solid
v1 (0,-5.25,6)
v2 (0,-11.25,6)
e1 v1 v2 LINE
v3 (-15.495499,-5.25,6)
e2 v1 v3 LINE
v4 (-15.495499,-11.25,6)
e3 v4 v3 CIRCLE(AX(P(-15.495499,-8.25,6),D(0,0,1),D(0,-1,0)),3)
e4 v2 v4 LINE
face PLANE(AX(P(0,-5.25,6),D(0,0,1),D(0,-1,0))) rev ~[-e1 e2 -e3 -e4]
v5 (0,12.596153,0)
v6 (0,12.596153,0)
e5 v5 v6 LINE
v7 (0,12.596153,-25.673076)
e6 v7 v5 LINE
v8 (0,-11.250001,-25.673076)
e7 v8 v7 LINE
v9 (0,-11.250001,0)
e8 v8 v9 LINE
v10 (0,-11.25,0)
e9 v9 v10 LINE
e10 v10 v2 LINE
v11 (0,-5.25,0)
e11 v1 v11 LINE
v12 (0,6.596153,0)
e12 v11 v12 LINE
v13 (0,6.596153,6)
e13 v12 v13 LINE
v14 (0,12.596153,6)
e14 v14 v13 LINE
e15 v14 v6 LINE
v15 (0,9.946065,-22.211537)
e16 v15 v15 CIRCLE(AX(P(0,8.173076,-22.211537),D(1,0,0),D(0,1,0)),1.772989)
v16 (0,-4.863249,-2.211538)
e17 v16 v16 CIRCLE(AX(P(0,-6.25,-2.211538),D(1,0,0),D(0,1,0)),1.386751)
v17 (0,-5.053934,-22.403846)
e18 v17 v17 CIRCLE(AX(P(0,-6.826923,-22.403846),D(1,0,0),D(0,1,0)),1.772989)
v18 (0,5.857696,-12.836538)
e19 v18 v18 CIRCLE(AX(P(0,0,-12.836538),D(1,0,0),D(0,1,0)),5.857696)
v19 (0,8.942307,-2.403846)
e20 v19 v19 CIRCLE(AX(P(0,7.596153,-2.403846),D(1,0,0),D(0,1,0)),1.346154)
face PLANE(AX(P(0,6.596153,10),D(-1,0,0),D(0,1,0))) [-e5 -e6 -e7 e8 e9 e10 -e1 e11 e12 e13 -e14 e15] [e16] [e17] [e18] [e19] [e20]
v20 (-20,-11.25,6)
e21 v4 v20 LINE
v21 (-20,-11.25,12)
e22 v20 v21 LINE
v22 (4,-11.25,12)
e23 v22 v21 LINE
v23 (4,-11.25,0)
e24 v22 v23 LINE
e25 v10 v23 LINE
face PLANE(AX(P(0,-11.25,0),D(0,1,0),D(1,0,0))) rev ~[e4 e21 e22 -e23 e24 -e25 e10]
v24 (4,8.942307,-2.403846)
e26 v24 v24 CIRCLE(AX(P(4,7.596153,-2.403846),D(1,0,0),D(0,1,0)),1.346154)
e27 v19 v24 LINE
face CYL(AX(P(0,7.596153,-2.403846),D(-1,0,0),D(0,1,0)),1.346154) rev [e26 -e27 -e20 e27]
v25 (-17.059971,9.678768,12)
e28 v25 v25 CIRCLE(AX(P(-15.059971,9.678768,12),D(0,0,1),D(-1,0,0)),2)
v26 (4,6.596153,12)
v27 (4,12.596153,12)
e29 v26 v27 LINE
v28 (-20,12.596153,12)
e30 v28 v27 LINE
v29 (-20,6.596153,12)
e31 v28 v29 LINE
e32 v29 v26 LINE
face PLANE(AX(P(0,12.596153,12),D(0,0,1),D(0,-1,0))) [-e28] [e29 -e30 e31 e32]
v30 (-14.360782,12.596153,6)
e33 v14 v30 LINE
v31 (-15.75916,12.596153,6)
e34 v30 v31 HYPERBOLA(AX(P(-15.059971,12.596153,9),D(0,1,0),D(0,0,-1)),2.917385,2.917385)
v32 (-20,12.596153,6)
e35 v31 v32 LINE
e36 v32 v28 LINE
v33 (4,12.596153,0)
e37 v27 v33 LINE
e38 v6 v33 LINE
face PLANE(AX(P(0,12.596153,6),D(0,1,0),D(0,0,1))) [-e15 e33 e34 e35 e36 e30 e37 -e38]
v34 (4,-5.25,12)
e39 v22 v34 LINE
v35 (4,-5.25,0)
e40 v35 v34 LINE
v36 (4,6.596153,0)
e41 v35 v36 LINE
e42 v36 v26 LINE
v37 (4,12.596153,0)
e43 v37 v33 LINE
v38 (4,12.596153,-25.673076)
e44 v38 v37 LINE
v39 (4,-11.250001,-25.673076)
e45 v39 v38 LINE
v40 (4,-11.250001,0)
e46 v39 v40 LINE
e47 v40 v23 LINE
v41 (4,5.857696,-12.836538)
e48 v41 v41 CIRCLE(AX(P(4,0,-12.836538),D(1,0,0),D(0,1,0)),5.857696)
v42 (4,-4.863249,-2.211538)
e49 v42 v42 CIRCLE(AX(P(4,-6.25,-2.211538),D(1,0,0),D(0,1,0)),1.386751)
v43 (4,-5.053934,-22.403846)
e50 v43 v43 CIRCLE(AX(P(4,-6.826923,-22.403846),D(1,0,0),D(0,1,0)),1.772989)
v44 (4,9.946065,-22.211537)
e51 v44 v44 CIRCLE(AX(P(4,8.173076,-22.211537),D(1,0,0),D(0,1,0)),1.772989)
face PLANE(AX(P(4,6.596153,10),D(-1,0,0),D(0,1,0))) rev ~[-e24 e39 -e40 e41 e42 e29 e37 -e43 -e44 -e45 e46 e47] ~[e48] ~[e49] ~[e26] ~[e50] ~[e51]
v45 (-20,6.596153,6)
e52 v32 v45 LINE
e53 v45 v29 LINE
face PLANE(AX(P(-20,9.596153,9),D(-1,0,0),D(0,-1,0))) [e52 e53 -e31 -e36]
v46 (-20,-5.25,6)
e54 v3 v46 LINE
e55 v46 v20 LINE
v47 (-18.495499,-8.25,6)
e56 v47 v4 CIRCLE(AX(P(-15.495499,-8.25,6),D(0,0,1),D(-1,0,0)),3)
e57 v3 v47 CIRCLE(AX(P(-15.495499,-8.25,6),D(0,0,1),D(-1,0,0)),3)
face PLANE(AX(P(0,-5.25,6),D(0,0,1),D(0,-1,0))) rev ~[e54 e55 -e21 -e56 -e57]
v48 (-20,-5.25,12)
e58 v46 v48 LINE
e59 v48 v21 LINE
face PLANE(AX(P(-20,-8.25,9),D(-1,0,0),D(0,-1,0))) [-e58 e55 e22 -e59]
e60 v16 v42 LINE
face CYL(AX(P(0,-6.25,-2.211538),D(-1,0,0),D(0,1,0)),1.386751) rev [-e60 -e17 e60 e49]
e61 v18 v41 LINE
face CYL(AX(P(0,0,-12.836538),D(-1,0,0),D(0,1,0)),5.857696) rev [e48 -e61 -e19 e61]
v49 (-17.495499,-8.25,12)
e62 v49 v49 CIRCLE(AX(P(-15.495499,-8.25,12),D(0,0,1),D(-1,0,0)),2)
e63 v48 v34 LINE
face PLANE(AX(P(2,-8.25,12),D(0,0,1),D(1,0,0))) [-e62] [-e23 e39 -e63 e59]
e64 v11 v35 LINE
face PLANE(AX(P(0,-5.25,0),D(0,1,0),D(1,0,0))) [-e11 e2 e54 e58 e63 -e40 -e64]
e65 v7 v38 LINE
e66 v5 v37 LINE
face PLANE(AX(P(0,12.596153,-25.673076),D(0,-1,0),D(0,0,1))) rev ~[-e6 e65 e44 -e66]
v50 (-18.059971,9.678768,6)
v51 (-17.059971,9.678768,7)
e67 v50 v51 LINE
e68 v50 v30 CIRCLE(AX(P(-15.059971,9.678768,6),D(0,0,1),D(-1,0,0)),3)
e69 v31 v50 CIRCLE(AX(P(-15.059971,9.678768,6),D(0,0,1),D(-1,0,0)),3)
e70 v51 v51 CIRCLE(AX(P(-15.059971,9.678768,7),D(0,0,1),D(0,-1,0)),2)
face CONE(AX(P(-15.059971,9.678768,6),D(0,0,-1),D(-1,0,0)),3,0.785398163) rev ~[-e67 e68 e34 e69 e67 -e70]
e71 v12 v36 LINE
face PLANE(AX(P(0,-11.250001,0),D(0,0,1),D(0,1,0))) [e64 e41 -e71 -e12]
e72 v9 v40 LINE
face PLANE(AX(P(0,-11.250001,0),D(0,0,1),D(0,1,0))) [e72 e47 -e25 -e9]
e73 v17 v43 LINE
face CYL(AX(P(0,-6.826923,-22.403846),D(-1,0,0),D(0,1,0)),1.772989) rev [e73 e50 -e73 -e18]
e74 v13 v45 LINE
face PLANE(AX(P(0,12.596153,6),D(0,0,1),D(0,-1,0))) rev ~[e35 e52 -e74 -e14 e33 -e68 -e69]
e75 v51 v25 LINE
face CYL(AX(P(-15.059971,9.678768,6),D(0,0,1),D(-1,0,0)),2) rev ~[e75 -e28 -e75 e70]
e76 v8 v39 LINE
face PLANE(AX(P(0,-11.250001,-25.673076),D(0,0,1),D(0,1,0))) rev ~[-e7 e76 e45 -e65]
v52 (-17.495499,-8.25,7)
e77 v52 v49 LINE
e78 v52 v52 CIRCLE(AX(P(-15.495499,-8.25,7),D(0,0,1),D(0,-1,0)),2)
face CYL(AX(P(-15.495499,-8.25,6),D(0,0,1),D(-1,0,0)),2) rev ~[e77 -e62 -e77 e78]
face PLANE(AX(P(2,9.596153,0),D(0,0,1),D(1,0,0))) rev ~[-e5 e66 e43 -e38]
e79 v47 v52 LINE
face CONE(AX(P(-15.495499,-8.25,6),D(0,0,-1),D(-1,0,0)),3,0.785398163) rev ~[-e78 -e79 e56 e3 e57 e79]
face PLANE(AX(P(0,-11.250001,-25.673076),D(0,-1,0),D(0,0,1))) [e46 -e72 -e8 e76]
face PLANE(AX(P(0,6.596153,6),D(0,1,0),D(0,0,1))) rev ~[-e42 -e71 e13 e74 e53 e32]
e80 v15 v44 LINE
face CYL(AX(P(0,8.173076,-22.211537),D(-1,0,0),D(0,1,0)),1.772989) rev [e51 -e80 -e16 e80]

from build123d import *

# Parameters (mm, degrees)
F0_W           = 23.846153
F0_H           = 25.673076
F0_R           = 1.772989
F0_R_2         = 5.857696
F0_R_3         = 1.386751
F0_R_4         = 1.346154
F1_DEPTH       = 4
F2_W           = 4
F2_H           = 6
F3_DEPTH       = 10
F3_FACE_W      = 4
F3_FACE_H      = 6
F4_DEPTH       = 2
F5_W           = 6
F5_H           = 6
F6_DEPTH       = 20
F8_D           = 4
F8_CSINK_D     = 6
F8_CSINK_ANGLE = 90
F9_D           = 4
F9_CSINK_D     = 6
F9_CSINK_ANGLE = 90


with BuildPart() as f1:
    # F0 (on Right) → F1 (new body)
    with BuildSketch(Plane.YZ):
        with Locations((0.673076, -12.836538)):
            Rectangle(F0_W, F0_H)
        with Locations((-6.826923, -22.403846)):
            Circle(F0_R, mode=Mode.SUBTRACT)
        with Locations((8.173076, -22.211537)):
            Circle(F0_R, mode=Mode.SUBTRACT)
        with Locations((0, -12.836538)):
            Circle(F0_R_2, mode=Mode.SUBTRACT)
        with Locations((-6.25, -2.211538)):
            Circle(F0_R_3, mode=Mode.SUBTRACT)
        with Locations((7.596153, -2.403846)):
            Circle(F0_R_4, mode=Mode.SUBTRACT)
    extrude(amount=F1_DEPTH)

    # F2 (on face) → F3 (join)
    with BuildSketch(Plane.XY):
        with Locations((2, 9.596153)):
            Rectangle(F2_W, F2_H)
        with Locations((2, -8.25)):
            Rectangle(F2_W, F2_H)
    extrude(amount=F3_DEPTH)

    # F3_face (on face) → F4 (join)
    with BuildSketch(Plane(origin=(2, 9.596153, 10), x_dir=(1, 0, 0), z_dir=(0, 0, 1))):
        Rectangle(F3_FACE_W, F3_FACE_H)
        with Locations((0, -17.846153)):
            Rectangle(F3_FACE_W, F3_FACE_H)
    extrude(amount=F4_DEPTH)

    # F5 (on face) → F6 (join)
    with BuildSketch(Plane(origin=(0, 0, 0), x_dir=(0, -1, 0), z_dir=(-1, 0, 0))):
        with Locations((-9.596153, 9)):
            Rectangle(F5_W, F5_H)
        with Locations((8.25, 9)):
            Rectangle(F5_W, F5_H)
    extrude(amount=F6_DEPTH)

    # F8 (through all)
    with Locations(Plane(origin=(0, 0, 6), x_dir=(1, 0, 0), z_dir=(0, 0, -1))):
        with Locations((-15.495499, 8.25)):
            CounterSinkHole(F8_D / 2, F8_CSINK_D / 2, counter_sink_angle=F8_CSINK_ANGLE)

    # F9 (through all)
    with Locations(Plane(origin=(0, 0, 6), x_dir=(1, 0, 0), z_dir=(0, 0, -1))):
        with Locations((-15.059971, -9.678768)):
            CounterSinkHole(F9_D / 2, F9_CSINK_D / 2, counter_sink_angle=F9_CSINK_ANGLE)


solid = f1.part
